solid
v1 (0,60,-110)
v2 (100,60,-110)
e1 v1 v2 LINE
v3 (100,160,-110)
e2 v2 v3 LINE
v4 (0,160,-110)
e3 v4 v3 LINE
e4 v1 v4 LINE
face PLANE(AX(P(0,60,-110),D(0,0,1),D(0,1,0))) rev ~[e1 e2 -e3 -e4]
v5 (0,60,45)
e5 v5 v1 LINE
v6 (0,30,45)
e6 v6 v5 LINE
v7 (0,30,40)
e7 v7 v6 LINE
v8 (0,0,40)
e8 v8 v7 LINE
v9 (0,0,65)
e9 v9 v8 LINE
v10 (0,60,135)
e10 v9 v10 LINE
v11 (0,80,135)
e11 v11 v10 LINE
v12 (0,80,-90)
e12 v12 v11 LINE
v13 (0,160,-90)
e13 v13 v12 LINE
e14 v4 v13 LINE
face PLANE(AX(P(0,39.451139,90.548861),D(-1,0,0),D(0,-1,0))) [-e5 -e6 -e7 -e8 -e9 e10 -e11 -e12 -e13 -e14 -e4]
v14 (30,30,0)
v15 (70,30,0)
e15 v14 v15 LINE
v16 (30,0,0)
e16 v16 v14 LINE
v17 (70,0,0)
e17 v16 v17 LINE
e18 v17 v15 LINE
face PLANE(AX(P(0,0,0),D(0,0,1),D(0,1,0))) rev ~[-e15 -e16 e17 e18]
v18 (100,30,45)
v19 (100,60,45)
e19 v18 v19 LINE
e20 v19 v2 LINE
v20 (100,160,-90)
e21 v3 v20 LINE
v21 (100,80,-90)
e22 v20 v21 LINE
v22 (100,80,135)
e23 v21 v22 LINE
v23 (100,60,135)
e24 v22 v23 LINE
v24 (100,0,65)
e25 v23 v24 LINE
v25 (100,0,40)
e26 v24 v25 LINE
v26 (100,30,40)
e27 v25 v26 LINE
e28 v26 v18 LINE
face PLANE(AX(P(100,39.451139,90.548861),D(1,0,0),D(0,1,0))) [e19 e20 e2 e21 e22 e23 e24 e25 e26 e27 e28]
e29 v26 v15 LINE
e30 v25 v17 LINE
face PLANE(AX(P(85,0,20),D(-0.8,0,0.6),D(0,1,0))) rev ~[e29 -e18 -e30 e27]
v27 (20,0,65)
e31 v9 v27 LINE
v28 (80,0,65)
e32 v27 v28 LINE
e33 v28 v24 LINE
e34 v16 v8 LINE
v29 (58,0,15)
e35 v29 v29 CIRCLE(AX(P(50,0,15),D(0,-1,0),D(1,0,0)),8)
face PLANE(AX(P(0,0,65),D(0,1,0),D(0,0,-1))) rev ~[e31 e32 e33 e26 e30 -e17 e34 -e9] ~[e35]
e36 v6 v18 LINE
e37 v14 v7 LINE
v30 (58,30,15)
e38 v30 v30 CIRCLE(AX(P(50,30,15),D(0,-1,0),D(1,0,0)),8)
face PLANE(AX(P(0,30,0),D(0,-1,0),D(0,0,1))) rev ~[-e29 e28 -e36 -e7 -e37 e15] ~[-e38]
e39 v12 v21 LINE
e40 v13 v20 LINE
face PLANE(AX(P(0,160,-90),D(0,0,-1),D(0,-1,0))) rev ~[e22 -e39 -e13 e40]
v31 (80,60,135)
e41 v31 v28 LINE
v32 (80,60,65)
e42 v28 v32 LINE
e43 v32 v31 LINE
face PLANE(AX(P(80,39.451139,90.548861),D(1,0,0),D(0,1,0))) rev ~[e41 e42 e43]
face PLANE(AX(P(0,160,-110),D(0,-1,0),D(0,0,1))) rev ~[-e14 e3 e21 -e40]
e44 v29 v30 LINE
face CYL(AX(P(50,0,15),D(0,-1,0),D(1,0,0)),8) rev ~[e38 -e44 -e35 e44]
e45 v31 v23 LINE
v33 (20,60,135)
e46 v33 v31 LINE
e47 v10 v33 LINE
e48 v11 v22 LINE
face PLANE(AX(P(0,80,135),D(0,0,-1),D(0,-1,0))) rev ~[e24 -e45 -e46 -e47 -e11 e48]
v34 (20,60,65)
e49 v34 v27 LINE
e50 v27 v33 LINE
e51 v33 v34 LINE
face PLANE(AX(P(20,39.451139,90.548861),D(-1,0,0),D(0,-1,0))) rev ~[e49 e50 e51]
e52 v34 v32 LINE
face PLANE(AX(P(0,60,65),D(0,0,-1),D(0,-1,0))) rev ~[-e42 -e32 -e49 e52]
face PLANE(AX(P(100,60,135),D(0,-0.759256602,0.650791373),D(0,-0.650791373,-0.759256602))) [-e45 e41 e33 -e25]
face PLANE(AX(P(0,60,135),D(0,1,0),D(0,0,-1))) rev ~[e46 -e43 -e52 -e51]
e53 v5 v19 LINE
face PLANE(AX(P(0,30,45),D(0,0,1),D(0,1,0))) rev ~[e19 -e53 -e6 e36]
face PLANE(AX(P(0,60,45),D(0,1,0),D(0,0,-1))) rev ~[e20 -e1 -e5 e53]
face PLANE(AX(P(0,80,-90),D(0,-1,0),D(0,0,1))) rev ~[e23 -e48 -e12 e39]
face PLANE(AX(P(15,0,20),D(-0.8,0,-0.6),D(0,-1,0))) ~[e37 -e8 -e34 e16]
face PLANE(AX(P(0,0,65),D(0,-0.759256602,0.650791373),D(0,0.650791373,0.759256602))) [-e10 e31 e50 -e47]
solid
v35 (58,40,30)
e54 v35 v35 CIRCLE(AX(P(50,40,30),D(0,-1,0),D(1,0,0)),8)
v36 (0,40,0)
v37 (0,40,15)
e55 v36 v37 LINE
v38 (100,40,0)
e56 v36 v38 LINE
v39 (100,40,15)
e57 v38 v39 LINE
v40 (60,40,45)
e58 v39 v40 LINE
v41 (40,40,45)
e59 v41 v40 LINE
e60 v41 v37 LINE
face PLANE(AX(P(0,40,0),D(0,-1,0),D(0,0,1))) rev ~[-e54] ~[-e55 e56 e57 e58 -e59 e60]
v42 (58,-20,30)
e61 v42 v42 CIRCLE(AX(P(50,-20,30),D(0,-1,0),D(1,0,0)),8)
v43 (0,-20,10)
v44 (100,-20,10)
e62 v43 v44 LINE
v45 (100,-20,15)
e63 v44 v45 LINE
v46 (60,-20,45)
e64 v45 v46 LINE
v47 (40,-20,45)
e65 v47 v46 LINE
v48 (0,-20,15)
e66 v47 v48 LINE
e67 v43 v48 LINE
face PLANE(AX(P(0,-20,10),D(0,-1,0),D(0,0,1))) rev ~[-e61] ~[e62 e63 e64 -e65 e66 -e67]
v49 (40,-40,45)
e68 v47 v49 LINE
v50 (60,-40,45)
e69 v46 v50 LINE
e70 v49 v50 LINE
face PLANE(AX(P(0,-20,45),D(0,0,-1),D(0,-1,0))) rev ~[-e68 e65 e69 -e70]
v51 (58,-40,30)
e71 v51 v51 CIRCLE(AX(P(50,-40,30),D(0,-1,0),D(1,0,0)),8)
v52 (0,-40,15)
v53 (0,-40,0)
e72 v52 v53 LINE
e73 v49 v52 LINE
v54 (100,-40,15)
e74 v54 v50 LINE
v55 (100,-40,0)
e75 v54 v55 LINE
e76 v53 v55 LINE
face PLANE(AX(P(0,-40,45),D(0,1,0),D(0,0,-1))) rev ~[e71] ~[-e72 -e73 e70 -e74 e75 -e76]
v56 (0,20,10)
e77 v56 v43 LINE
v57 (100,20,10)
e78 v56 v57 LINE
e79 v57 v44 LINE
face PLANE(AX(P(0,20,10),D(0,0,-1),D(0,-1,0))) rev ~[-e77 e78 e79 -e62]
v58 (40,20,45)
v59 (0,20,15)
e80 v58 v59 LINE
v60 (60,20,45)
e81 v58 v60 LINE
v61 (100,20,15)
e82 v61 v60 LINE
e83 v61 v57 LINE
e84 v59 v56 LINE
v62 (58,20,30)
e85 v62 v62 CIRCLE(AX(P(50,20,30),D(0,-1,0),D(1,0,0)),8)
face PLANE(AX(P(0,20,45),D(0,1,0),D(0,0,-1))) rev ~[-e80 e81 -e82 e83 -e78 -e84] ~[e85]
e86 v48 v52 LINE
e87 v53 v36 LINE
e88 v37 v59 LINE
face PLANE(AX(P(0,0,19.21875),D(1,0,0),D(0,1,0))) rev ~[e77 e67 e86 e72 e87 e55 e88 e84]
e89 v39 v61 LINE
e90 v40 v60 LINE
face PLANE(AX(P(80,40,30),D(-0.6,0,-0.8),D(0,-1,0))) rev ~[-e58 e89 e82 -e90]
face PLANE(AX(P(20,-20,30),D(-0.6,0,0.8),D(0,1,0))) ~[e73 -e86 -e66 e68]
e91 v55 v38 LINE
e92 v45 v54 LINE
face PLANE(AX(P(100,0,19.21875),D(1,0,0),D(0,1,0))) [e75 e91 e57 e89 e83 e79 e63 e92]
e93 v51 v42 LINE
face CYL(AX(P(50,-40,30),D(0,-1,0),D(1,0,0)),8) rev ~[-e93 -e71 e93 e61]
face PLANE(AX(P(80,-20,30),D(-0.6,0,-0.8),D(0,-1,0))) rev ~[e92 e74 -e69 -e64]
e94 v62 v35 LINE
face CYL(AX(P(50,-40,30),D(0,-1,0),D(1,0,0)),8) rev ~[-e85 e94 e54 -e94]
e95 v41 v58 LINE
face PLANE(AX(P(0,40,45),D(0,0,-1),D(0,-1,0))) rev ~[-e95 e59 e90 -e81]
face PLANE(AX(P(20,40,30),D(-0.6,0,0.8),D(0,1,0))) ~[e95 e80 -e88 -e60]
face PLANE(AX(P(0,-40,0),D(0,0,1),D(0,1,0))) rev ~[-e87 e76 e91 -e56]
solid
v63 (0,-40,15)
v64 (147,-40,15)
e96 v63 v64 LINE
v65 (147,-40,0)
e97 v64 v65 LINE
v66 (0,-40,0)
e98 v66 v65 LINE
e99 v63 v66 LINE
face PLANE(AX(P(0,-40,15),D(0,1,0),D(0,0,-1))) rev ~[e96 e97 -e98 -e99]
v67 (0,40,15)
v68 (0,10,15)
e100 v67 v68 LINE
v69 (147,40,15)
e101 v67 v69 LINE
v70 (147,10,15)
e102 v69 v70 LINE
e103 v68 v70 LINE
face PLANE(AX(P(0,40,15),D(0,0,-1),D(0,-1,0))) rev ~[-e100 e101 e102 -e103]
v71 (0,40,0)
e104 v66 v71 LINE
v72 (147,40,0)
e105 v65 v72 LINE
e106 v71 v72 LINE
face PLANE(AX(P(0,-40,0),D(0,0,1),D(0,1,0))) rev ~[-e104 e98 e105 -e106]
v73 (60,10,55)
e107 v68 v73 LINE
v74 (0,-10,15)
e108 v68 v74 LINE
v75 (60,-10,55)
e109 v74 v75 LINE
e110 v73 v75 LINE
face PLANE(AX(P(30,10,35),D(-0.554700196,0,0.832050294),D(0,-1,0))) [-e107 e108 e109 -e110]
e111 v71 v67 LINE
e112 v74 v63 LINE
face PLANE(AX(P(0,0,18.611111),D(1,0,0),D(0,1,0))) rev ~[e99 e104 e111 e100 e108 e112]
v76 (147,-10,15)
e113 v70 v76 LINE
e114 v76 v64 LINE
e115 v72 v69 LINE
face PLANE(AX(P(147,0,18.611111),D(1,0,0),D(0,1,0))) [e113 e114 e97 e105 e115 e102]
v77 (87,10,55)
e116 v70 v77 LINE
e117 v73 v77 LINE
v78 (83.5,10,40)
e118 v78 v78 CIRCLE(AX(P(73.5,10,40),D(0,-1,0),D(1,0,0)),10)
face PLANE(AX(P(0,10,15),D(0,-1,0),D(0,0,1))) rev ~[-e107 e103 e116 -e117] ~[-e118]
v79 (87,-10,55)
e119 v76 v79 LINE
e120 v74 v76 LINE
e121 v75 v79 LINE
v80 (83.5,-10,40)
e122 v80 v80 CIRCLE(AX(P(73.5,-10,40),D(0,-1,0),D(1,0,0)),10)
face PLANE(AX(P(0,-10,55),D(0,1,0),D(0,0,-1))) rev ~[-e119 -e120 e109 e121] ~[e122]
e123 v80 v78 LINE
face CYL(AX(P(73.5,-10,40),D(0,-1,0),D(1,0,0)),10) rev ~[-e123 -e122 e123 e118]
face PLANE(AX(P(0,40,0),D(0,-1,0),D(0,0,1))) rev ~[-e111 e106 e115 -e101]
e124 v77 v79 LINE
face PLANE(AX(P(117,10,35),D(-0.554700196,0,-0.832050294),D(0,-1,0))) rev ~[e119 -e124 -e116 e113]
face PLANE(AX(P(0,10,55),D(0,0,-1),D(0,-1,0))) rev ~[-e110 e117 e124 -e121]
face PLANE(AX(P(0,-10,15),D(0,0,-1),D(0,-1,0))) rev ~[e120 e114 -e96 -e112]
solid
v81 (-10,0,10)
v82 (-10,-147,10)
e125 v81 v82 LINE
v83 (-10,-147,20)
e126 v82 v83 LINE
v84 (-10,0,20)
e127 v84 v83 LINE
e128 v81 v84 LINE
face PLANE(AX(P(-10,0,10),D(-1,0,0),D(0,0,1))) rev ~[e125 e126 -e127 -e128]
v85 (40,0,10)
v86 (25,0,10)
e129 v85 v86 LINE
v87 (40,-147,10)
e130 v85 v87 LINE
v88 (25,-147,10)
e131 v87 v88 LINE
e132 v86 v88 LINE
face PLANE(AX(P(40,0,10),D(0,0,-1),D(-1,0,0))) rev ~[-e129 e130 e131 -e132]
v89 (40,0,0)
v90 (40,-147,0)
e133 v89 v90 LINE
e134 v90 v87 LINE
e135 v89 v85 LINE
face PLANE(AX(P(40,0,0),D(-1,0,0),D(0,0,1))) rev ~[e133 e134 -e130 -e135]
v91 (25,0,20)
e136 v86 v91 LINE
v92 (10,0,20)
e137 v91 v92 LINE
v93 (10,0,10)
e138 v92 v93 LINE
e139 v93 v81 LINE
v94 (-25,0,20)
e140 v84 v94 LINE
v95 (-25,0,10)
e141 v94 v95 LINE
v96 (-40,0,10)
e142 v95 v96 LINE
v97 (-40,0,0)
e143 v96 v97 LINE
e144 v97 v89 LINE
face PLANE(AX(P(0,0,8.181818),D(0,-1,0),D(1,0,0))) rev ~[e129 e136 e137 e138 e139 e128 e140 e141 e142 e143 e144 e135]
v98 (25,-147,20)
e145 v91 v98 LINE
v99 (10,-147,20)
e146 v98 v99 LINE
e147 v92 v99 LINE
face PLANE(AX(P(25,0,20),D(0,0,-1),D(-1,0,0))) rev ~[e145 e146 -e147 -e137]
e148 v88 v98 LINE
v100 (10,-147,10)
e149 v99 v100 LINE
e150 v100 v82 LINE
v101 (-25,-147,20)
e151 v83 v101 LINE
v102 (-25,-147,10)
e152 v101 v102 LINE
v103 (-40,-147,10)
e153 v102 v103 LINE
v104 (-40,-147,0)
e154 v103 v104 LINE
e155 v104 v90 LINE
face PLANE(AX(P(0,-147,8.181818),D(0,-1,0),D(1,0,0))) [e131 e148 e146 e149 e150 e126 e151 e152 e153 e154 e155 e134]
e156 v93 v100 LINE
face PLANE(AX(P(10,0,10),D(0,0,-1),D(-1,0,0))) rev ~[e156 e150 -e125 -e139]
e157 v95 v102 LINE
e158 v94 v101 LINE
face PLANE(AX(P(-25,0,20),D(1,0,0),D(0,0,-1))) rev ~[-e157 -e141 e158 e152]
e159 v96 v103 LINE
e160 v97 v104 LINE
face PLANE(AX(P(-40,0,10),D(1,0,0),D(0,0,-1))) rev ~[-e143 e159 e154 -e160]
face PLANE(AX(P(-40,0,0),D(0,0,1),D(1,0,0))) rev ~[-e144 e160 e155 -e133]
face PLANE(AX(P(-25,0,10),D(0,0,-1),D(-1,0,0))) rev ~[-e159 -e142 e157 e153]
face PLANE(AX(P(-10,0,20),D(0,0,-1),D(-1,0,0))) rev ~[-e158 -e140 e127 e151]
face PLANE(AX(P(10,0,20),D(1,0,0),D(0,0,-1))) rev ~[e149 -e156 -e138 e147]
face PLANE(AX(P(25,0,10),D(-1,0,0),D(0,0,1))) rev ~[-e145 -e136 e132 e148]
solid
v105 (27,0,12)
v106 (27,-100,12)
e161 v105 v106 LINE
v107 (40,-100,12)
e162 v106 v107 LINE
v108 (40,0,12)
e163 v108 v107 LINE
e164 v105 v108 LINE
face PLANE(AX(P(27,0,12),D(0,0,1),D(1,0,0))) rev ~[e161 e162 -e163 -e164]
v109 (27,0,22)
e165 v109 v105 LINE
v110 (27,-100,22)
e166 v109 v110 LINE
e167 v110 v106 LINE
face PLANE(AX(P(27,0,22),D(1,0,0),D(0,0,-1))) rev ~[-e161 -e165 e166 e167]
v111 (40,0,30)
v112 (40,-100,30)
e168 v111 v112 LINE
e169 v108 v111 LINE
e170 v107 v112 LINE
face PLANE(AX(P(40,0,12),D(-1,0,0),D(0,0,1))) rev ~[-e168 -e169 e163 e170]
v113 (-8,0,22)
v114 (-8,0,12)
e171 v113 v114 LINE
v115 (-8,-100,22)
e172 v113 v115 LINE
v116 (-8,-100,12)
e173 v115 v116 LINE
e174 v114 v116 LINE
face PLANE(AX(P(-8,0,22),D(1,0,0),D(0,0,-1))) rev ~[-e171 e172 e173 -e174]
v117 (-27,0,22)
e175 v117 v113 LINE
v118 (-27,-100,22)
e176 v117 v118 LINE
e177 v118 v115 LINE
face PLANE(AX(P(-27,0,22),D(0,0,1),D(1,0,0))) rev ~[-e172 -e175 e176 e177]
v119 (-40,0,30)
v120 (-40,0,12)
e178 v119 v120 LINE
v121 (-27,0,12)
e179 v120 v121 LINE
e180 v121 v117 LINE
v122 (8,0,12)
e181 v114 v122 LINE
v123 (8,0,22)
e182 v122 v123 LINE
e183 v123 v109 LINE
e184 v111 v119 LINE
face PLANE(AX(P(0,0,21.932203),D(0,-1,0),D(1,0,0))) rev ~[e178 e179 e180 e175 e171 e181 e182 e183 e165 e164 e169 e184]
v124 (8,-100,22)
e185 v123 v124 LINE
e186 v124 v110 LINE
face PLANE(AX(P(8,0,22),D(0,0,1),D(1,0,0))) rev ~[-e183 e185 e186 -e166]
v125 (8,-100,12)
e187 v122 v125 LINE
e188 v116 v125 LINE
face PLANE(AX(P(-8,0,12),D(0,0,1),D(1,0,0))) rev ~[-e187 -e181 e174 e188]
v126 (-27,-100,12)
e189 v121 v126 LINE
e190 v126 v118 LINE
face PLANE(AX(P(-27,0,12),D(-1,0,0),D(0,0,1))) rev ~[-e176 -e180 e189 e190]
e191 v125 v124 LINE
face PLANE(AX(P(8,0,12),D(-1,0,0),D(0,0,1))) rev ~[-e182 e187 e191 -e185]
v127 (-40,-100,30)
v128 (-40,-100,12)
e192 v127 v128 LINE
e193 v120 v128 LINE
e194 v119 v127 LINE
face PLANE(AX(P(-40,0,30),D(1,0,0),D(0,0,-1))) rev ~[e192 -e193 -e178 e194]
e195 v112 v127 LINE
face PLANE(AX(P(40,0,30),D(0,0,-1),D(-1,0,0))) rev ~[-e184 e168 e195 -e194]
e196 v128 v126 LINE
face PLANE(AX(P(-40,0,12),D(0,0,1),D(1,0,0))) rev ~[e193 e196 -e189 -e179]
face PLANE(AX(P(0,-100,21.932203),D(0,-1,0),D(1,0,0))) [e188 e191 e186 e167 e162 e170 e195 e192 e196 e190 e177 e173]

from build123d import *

# Parameters (mm, degrees)
F1_DEPTH    = 147
F2_SIZE2    = 60
F2_SIZE     = 40
F2_2_SIZE2  = 60
F2_2_SIZE   = 40
F3_R        = 10
F4_DEPTH    = 50.001
F6_DEPTH    = 147
F7_DEPTH    = 100
F9_DEPTH    = 100
F10_R       = 8
F11_DEPTH   = 80.001
F12_SIZE2   = 40
F12_SIZE    = 30
F13_SIZE2   = 30
F13_SIZE    = 40
F13_2_SIZE2 = 30
F13_2_SIZE  = 40
F15_DEPTH   = 100
F16_R       = 8
F17_DEPTH   = 30
F18_SIZE2   = 30
F18_SIZE    = 40
F19_SIZE2   = 40
F19_SIZE    = 30
F21_DEPTH   = 20
F23_DEPTH   = 20


with BuildPart() as f1:
    # F0 (on Right) → F1 (new body)
    with BuildSketch(Plane.YZ):
        Polygon((-40, 0), (0, 0), (40, 0), (40, 15), (10, 15), (10, 55), (-10, 55), (-10, 15), (-40, 15), align=None)
    extrude(amount=F1_DEPTH)

    # F2
    f2_edges = [f1.edges().sort_by_distance(p)[0] for p in [
        (147, 0, 55),
    ]]
    f2_side = f1.faces().sort_by_distance((147, 0, 18.5))[0]
    chamfer(f2_edges, length=F2_SIZE, length2=F2_SIZE2, reference=f2_side)

    # F2#2
    f2_2_edges = [f1.edges().sort_by_distance(p)[0] for p in [
        (0, 0, 55),
    ]]
    f2_2_side = f1.faces().sort_by_distance((0, 0, 18.5))[0]
    chamfer(f2_2_edges, length=F2_2_SIZE, length2=F2_2_SIZE2, reference=f2_2_side)

    # F3 (on face) → F4 (cut, through all)
    with BuildSketch(Plane.XZ.offset(10)):
        with Locations((73.5, 40)):
            Circle(F3_R)
    extrude(amount=-F4_DEPTH, mode=Mode.SUBTRACT)


with BuildPart() as f6:
    # F5 (on Front) → F6 (new body)
    with BuildSketch(Plane.XZ):
        Polygon((-40, 0), (0, 0), (40, 0), (40, 10), (25, 10), (25, 20), (10, 20), (10, 10), (-10, 10), (-10, 20), (-25, 20), (-25, 10), (-40, 10), align=None)
    extrude(amount=F6_DEPTH)


with BuildPart() as f7:
    # F5 (on Front) → F7 (new body)
    with BuildSketch(Plane.XZ):
        Polygon((-40, 30), (-40, 12), (-27, 12), (-27, 22), (-8, 22), (-8, 12), (8, 12), (8, 22), (27, 22), (27, 12), (40, 12), (40, 30), align=None)
    extrude(amount=F7_DEPTH)


with BuildPart() as f9:
    # F8 (on Right) → F9 (new body)
    with BuildSketch(Plane.YZ):
        Polygon((-40, 0), (0, 0), (40, 0), (40, 45), (20, 45), (20, 10), (-20, 10), (-20, 45), (-40, 45), align=None)
    extrude(amount=F9_DEPTH)

    # F10 (on face) → F11 (cut, through all)
    with BuildSketch(Plane.XZ.offset(40)):
        with Locations((50, 30)):
            Circle(F10_R)
    extrude(amount=-F11_DEPTH, mode=Mode.SUBTRACT)

    # F12
    f12_edges = [f9.edges().sort_by_distance(p)[0] for p in [
        (100, -30, 45),
        (100, 30, 45),
    ]]
    f12_side = f9.faces().sort_by_distance((100, 0, 0.917878))[0]
    chamfer(f12_edges, length=F12_SIZE, length2=F12_SIZE2, reference=f12_side)

    # F13
    f13_edges = [f9.edges().sort_by_distance(p)[0] for p in [
        (0, 30, 45),
    ]]
    f13_side = f9.faces().sort_by_distance((30, 30, 45))[0]
    chamfer(f13_edges, length=F13_SIZE, length2=F13_SIZE2, reference=f13_side)

    # F13#2
    f13_2_edges = [f9.edges().sort_by_distance(p)[0] for p in [
        (0, -30, 45),
    ]]
    f13_2_side = f9.faces().sort_by_distance((30, -30, 45))[0]
    chamfer(f13_2_edges, length=F13_2_SIZE, length2=F13_2_SIZE2, reference=f13_2_side)


with BuildPart() as f15:
    # F14 (on Right) → F15 (new body)
    with BuildSketch(Plane.YZ):
        Polygon((0, 65), (0, 0), (30, 0), (30, 45), (60, 45), (60, -110), (160, -110), (160, -90), (80, -90), (80, 135), (60, 135), (60, 65), align=None)
    extrude(amount=F15_DEPTH)

    # F16 (on face) → F17 (cut, through all)
    with BuildSketch(Plane.XZ):
        with Locations((50, 15)):
            Circle(F16_R)
    extrude(amount=-F17_DEPTH, mode=Mode.SUBTRACT)

    # F18
    f18_edges = [f15.edges().sort_by_distance(p)[0] for p in [
        (100, 15, 0),
    ]]
    f18_side = f15.faces().sort_by_distance((100, 65.331492, -0.262431))[0]
    chamfer(f18_edges, length=F18_SIZE, length2=F18_SIZE2, reference=f18_side)

    # F19
    f19_edges = [f15.edges().sort_by_distance(p)[0] for p in [
        (0, 15, 0),
    ]]
    f19_side = f15.faces().sort_by_distance((35, 15, 0))[0]
    chamfer(f19_edges, length=F19_SIZE, length2=F19_SIZE2, reference=f19_side)

    # F20 (on face) → F21 (join)
    with BuildSketch(Plane.YZ.offset(100)):
        Polygon((60, 135), (0, 65), (60, 65), align=None)
    extrude(amount=-F21_DEPTH)

    # F22 (on face) → F23 (join)
    with BuildSketch(Plane(origin=(0, 0, 0), x_dir=(0, -1, 0), z_dir=(-1, 0, 0))):
        Polygon((0, 65), (-60, 135), (-60, 65), align=None)
    extrude(amount=-F23_DEPTH)


solid = Compound([f1.part, f6.part, f7.part, f9.part, f15.part])
